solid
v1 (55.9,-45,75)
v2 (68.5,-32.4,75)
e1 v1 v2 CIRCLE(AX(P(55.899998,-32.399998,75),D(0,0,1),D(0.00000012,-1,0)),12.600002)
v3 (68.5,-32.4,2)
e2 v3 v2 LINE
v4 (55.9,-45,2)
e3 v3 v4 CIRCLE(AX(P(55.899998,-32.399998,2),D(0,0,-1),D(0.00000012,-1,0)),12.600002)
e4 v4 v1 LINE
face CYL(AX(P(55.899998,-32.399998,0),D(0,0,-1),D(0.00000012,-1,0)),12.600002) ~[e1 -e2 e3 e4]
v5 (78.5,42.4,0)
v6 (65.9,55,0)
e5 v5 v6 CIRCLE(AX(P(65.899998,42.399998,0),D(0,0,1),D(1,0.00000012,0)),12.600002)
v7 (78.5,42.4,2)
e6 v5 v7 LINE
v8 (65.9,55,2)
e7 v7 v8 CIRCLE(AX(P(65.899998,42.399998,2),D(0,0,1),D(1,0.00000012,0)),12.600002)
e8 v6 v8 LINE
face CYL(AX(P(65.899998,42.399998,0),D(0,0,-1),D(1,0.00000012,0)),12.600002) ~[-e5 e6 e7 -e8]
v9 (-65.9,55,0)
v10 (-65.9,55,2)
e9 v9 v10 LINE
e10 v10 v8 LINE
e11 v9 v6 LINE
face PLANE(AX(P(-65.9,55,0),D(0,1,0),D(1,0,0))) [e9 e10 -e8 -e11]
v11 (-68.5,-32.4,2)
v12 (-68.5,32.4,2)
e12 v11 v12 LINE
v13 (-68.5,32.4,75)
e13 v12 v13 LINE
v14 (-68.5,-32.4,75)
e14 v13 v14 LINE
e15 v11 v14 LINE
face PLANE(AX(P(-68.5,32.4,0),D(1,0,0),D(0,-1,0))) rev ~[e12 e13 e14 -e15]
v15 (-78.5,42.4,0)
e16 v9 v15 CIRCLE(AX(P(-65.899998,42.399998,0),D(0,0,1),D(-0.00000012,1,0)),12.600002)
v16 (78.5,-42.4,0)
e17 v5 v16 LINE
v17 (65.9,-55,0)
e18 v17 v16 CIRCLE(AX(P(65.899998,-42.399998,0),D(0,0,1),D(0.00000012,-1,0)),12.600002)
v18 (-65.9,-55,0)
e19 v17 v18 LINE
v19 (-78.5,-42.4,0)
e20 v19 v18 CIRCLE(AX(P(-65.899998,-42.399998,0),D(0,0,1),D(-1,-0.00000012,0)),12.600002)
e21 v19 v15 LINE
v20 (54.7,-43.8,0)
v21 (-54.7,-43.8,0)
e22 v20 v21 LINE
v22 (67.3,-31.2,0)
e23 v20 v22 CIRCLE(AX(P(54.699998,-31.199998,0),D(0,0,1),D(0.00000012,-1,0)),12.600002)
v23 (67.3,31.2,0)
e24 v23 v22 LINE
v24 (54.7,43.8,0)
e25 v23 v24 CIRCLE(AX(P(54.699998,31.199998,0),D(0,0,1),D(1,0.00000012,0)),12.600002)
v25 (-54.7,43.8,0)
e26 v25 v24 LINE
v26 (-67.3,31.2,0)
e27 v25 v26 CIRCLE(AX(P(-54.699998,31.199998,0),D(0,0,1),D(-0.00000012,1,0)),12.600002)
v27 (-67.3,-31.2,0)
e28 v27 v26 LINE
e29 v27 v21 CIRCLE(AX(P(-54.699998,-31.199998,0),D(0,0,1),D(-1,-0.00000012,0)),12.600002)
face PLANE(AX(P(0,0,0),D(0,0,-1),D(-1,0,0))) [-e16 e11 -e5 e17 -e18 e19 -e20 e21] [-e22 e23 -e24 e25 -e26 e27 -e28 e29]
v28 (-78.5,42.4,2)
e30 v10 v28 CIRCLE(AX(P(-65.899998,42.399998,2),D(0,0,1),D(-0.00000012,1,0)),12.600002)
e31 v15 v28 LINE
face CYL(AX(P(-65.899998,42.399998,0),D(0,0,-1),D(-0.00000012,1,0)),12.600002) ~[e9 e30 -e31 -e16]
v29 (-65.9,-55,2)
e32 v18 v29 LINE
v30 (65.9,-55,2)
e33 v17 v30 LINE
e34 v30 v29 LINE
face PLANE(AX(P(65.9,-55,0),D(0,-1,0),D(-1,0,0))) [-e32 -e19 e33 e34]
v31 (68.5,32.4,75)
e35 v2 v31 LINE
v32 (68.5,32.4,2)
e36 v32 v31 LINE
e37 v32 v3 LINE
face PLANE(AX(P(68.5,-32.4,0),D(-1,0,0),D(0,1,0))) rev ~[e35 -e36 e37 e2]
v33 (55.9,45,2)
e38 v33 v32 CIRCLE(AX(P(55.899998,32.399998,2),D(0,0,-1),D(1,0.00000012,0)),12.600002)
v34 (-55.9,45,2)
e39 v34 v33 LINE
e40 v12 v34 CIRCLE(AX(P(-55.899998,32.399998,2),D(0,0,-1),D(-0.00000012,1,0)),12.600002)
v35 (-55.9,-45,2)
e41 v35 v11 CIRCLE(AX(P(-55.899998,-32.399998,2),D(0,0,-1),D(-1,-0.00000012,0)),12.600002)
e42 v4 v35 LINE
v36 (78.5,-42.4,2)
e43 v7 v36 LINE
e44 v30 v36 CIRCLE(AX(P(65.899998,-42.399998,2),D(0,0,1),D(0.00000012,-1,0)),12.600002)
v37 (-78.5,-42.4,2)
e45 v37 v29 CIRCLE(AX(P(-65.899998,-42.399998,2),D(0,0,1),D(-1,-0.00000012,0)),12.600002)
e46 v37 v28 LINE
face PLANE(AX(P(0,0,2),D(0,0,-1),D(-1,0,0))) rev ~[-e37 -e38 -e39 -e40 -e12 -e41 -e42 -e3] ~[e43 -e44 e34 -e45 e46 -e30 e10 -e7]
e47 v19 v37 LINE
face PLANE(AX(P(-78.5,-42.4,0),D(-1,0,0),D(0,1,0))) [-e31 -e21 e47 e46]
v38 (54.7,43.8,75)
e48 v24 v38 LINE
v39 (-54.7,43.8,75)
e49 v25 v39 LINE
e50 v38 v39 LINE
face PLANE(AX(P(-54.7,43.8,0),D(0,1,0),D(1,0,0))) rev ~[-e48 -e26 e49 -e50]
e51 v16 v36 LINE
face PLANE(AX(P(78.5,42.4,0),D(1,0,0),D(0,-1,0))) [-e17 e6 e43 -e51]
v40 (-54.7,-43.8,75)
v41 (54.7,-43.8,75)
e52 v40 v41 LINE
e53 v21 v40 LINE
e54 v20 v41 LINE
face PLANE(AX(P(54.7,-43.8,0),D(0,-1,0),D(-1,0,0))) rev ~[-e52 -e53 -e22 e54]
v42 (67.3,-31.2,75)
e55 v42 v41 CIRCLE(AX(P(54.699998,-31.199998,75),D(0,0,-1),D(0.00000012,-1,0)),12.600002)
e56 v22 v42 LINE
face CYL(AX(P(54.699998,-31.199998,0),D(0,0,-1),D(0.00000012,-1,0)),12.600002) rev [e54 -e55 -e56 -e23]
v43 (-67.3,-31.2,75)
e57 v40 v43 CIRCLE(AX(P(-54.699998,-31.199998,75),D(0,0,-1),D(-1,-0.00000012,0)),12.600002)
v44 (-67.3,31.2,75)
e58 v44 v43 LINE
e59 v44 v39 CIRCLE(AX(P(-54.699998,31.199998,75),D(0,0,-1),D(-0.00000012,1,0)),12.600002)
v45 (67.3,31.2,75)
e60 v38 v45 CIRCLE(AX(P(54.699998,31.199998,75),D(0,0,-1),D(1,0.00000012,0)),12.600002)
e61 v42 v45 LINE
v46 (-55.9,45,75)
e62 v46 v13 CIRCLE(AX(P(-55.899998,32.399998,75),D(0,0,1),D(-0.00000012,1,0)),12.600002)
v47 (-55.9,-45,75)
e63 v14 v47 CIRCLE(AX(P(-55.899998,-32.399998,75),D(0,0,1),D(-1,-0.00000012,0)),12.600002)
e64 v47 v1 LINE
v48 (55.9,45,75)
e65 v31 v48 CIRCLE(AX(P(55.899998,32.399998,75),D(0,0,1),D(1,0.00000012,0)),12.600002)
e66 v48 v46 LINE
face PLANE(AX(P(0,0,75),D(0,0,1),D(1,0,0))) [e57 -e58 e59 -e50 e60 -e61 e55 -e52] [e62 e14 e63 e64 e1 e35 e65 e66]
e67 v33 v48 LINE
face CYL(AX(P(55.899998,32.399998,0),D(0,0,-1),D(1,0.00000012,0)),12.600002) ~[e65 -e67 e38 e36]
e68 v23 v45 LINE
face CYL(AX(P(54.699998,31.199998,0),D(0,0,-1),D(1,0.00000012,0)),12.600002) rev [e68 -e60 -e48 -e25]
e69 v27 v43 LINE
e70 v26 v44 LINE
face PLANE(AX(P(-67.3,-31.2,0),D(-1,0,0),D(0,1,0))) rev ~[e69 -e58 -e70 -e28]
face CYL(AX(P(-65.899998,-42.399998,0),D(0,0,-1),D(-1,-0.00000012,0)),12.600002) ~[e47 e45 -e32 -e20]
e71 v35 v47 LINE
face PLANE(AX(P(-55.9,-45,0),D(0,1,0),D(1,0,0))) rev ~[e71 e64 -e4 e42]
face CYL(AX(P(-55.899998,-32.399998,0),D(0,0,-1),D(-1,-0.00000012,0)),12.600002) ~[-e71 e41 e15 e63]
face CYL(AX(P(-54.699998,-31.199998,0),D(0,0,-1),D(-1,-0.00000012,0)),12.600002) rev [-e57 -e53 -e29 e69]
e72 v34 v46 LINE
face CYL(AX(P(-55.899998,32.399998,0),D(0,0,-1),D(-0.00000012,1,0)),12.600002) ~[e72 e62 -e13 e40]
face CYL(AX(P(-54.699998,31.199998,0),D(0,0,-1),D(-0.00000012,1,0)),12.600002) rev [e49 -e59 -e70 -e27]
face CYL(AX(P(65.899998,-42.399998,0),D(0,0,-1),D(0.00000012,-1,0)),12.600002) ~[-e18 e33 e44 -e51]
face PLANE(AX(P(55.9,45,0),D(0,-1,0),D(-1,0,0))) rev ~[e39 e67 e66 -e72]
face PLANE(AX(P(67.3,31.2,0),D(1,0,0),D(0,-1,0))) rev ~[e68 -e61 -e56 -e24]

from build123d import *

# Parameters (mm, degrees)
PAD_DEPTH    = 75
PAD005_DEPTH = 2
POCKET_DEPTH = 75.001


with BuildPart() as part:
    # Sketch → Pad (new body)
    with BuildSketch(Plane.XY):
        with BuildLine():
            Line((55.9, 45), (-55.9, 45))
            ThreePointArc((-55.9, 45), (-64.809545, 41.309545), (-68.5, 32.4))
            Line((-68.5, 32.4), (-68.5, -32.4))
            ThreePointArc((-68.5, -32.4), (-64.809545, -41.309545), (-55.9, -45))
            Line((-55.9, -45), (55.9, -45))
            ThreePointArc((55.9, -45), (64.809545, -41.309545), (68.5, -32.4))
            Line((68.5, -32.4), (68.5, 32.4))
            ThreePointArc((68.5, 32.4), (64.809545, 41.309545), (55.9, 45))
        make_face()
    extrude(amount=PAD_DEPTH)

    # Sketch006 → Pad005 (join)
    with BuildSketch(Plane.XY):
        with BuildLine():
            Line((-65.9, 55), (65.9, 55))
            ThreePointArc((78.5, 42.4), (74.809545, 51.309545), (65.9, 55))
            Line((78.5, 42.4), (78.5, -42.4))
            ThreePointArc((65.9, -55), (74.809545, -51.309545), (78.5, -42.4))
            Line((65.9, -55), (-65.9, -55))
            ThreePointArc((-78.5, -42.4), (-74.809545, -51.309545), (-65.9, -55))
            Line((-78.5, -42.4), (-78.5, 42.4))
            ThreePointArc((-65.9, 55), (-74.809545, 51.309545), (-78.5, 42.4))
        make_face()
    extrude(amount=PAD005_DEPTH)

    # Sketch007 → Pocket (cut, through all)
    with BuildSketch(Plane.XY):
        with BuildLine():
            Line((-54.7, 43.8), (54.7, 43.8))
            ThreePointArc((67.3, 31.2), (63.609545, 40.109545), (54.7, 43.8))
            Line((67.3, 31.2), (67.3, -31.2))
            ThreePointArc((54.7, -43.8), (63.609545, -40.109545), (67.3, -31.2))
            Line((54.7, -43.8), (-54.7, -43.8))
            ThreePointArc((-67.3, -31.2), (-63.609545, -40.109545), (-54.7, -43.8))
            Line((-67.3, -31.2), (-67.3, 31.2))
            ThreePointArc((-54.7, 43.8), (-63.609545, 40.109545), (-67.3, 31.2))
        make_face()
    extrude(amount=POCKET_DEPTH, mode=Mode.SUBTRACT)


solid = part.part
